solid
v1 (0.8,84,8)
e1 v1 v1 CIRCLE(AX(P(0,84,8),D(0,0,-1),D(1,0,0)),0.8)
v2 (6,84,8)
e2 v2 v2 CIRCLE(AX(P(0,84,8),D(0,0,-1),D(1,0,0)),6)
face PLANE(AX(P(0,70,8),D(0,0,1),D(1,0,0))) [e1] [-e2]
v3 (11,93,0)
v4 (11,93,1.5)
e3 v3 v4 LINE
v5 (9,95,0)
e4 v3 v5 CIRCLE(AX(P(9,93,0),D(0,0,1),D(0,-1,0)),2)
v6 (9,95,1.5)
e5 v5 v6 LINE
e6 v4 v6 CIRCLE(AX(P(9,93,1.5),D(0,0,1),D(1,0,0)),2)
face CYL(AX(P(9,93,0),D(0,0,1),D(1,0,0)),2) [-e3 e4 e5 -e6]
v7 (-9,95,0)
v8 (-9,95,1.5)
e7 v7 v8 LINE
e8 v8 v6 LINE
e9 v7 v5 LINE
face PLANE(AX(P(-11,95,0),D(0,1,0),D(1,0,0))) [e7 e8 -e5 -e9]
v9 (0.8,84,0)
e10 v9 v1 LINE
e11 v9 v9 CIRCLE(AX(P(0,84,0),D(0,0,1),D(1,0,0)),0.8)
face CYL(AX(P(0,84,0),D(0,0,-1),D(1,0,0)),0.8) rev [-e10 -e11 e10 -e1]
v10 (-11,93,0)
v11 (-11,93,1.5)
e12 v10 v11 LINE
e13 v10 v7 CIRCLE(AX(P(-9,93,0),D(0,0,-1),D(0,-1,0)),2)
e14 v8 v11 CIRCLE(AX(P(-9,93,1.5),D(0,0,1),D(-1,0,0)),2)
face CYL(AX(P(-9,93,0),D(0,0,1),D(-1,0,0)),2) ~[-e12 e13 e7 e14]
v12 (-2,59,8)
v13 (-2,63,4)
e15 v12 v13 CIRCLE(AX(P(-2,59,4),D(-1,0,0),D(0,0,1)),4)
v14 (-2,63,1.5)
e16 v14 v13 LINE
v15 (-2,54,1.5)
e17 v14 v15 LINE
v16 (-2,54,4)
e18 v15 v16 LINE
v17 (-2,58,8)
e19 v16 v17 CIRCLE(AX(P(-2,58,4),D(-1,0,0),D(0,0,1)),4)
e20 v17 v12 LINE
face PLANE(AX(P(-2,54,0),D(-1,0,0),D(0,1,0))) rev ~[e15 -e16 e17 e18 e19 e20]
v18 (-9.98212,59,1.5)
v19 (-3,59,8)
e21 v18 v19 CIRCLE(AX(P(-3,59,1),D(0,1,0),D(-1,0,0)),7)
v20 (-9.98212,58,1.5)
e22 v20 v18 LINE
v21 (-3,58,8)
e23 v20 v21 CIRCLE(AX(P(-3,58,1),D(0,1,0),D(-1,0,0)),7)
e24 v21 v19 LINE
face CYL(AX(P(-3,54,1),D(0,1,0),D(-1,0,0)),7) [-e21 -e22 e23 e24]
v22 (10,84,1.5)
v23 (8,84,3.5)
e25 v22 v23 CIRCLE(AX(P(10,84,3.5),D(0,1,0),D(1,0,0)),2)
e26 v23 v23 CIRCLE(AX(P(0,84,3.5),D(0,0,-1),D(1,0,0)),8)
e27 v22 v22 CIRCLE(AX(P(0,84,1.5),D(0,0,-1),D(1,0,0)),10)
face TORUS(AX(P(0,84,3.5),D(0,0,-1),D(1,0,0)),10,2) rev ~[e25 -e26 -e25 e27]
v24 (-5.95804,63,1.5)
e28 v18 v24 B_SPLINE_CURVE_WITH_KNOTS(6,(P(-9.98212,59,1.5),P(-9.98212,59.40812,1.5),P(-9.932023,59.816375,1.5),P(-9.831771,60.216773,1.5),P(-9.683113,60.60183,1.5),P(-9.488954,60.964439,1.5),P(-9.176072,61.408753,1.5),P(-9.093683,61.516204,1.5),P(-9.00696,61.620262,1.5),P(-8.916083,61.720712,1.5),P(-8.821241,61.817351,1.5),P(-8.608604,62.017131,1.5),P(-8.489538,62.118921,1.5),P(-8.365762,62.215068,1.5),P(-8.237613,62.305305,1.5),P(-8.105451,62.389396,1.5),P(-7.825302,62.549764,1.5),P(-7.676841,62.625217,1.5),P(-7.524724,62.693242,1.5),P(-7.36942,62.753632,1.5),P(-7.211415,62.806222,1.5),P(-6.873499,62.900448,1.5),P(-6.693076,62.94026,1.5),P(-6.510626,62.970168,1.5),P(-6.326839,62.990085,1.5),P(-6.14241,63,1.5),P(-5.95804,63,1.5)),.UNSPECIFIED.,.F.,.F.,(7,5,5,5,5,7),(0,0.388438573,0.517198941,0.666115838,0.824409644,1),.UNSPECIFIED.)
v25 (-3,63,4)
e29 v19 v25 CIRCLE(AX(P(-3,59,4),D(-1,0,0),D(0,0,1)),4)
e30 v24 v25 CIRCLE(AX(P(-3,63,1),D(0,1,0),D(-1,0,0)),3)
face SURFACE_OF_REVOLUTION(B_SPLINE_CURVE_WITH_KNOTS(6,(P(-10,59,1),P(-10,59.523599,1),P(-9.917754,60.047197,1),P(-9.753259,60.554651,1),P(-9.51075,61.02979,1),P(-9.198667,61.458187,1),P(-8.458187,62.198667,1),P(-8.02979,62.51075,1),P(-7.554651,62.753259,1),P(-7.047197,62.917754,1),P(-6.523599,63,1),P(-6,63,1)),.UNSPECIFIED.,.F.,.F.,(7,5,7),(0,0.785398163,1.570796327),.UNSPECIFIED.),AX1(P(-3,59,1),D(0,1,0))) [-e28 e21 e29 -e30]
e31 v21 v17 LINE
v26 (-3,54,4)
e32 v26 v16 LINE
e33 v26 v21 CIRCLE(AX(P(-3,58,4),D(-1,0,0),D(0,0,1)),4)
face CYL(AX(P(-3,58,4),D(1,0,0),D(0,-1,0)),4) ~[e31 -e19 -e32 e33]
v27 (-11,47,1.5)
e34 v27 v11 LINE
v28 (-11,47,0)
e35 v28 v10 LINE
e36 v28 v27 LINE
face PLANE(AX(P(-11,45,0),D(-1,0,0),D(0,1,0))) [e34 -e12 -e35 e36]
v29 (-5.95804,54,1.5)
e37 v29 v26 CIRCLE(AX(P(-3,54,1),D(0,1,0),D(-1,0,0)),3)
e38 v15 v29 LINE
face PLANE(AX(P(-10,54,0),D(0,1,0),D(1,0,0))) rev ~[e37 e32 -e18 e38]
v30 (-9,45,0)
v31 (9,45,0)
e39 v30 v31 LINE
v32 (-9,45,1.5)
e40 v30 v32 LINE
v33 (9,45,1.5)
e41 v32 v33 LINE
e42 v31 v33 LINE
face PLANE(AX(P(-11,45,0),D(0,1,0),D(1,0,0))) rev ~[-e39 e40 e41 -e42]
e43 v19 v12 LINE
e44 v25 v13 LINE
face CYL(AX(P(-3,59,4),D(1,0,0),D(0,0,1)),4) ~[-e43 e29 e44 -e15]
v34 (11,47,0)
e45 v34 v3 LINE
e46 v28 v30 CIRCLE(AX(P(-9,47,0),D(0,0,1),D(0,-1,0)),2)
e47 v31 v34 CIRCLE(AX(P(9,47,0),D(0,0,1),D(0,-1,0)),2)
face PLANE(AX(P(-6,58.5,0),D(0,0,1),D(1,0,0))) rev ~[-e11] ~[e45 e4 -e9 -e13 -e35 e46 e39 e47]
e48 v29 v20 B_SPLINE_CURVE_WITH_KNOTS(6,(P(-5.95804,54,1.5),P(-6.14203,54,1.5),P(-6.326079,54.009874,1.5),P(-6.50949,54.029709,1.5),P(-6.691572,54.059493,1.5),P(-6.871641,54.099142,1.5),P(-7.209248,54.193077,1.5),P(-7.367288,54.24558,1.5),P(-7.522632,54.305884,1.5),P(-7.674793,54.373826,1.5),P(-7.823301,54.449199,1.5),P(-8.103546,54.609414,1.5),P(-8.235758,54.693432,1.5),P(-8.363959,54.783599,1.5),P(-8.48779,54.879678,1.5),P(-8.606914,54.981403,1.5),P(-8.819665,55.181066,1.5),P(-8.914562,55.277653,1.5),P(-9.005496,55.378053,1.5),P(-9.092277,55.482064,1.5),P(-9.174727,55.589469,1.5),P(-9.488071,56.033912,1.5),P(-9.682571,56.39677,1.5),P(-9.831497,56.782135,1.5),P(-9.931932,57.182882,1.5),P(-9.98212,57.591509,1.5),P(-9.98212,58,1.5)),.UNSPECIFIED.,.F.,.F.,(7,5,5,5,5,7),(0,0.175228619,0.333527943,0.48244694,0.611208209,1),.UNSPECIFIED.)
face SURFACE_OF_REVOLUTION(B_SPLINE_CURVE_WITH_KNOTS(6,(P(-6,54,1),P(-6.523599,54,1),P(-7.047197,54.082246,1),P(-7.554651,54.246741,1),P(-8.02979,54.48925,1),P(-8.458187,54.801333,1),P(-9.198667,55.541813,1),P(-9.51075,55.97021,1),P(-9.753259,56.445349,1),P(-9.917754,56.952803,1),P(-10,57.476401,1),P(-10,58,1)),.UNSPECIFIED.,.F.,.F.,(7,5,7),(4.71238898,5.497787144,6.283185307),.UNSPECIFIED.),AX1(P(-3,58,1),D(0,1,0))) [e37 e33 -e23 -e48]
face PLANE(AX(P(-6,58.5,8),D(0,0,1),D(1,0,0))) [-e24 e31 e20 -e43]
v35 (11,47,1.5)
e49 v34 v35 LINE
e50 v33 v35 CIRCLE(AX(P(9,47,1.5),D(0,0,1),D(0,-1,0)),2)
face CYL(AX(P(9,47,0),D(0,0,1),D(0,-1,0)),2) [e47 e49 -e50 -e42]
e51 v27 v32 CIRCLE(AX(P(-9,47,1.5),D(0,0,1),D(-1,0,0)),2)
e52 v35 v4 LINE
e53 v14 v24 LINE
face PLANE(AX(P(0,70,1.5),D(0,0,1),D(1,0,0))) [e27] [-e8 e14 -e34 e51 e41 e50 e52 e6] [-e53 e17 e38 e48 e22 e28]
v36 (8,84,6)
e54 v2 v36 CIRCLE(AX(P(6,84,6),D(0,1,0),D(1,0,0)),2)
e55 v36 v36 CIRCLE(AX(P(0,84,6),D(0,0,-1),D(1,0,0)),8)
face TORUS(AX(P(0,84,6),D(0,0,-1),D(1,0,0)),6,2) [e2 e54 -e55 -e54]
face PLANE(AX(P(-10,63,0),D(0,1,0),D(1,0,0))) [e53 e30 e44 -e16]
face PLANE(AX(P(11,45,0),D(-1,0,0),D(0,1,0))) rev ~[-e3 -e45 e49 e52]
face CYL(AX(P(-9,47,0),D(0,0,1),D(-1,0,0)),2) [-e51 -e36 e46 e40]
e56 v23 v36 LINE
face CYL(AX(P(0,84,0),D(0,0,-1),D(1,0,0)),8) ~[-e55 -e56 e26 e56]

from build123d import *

# Parameters (mm, degrees)
BOX019_W          = 8
BOX019_H          = 9
BOX019_DEPTH      = 8
FILLET027_R       = 7
FILLET028_R       = 4
CYLINDER_R        = 0.8
CYLINDER_DEPTH    = 10
CYLINDER029_R     = 8
CYLINDER029_DEPTH = 10
BOX018_W          = 22
BOX018_H          = 50
BOX018_DEPTH      = 8
FILLET025_R       = 2
BOX016_W          = 22
BOX016_H          = 50
BOX016_DEPTH      = 8
FILLET026_R       = 2
FILLET029_R       = 2


with BuildPart() as fillet028:
    # Box019 → Box019 (new body)
    with BuildSketch(Plane(origin=(-10, -30, 0), x_dir=(1, 0, 0), z_dir=(0, 0, 1))):
        with Locations((4, 4.5)):
            Rectangle(BOX019_W, BOX019_H)
    extrude(amount=BOX019_DEPTH)

    # Fillet027
    fillet027_edges = [fillet028.edges().sort_by_distance(p)[0] for p in [
        (-10, -25.5, 8),
    ]]
    fillet(fillet027_edges, radius=FILLET027_R)

    # Fillet028
    fillet028_edges = [fillet028.edges().sort_by_distance(p)[0] for p in [
        (-7.949747, -30, 5.949747),
        (-7.949747, -21, 5.949747),
    ]]
    fillet(fillet028_edges, radius=FILLET028_R)


with BuildPart() as axisholle:
    # Cylinder → Cylinder (new body)
    with BuildSketch(Plane.XY):
        Circle(CYLINDER_R)
    extrude(amount=CYLINDER_DEPTH)


with BuildPart() as axisholle001:
    # Cylinder029 → Cylinder029 (new body)
    with BuildSketch(Plane.XY):
        Circle(CYLINDER029_R)
    extrude(amount=CYLINDER029_DEPTH)


with BuildPart() as fusion014:
    # Box018 → Box018 (new body)
    with BuildSketch(Plane(origin=(-11, -39, 1.5), x_dir=(1, 0, 0), z_dir=(0, 0, 1))):
        with Locations((11, 25)):
            Rectangle(BOX018_W, BOX018_H)
    extrude(amount=BOX018_DEPTH)

    # Cut008: cut AxisHolle001
    add(axisholle001.part, mode=Mode.SUBTRACT)

    # Fillet025
    fillet025_edges = [fusion014.edges().sort_by_distance(p)[0] for p in [
        (-8, 0, 1.5),
    ]]
    fillet(fillet025_edges, radius=FILLET025_R)

    # Fusion014: union AxisHolle
    add(axisholle.part)


with BuildPart() as hindge:
    # Box016 → Box016 (new body)
    with BuildSketch(Plane(origin=(-11, -39, 0), x_dir=(1, 0, 0), z_dir=(0, 0, 1))):
        with Locations((11, 25)):
            Rectangle(BOX016_W, BOX016_H)
    extrude(amount=BOX016_DEPTH)

    # Fillet026
    fillet026_edges = [hindge.edges().sort_by_distance(p)[0] for p in [
        (-11, -39, 4),
        (-11, 11, 4),
        (11, -39, 4),
        (11, 11, 4),
    ]]
    fillet(fillet026_edges, radius=FILLET026_R)

    # Cut009: cut Fusion014
    add(fusion014.part, mode=Mode.SUBTRACT)

    # Fillet029
    fillet029_edges = [hindge.edges().sort_by_distance(p)[0] for p in [
        (-8, 0, 8),
    ]]
    fillet(fillet029_edges, radius=FILLET029_R)

    # Fusion015: union Fillet028
    add(fillet028.part)


with BuildPart() as hindge_1:
    # Fusion015 placement: moved
    add(hindge.part.moved(Location((0, 84, 0))))


solid = hindge_1.part
